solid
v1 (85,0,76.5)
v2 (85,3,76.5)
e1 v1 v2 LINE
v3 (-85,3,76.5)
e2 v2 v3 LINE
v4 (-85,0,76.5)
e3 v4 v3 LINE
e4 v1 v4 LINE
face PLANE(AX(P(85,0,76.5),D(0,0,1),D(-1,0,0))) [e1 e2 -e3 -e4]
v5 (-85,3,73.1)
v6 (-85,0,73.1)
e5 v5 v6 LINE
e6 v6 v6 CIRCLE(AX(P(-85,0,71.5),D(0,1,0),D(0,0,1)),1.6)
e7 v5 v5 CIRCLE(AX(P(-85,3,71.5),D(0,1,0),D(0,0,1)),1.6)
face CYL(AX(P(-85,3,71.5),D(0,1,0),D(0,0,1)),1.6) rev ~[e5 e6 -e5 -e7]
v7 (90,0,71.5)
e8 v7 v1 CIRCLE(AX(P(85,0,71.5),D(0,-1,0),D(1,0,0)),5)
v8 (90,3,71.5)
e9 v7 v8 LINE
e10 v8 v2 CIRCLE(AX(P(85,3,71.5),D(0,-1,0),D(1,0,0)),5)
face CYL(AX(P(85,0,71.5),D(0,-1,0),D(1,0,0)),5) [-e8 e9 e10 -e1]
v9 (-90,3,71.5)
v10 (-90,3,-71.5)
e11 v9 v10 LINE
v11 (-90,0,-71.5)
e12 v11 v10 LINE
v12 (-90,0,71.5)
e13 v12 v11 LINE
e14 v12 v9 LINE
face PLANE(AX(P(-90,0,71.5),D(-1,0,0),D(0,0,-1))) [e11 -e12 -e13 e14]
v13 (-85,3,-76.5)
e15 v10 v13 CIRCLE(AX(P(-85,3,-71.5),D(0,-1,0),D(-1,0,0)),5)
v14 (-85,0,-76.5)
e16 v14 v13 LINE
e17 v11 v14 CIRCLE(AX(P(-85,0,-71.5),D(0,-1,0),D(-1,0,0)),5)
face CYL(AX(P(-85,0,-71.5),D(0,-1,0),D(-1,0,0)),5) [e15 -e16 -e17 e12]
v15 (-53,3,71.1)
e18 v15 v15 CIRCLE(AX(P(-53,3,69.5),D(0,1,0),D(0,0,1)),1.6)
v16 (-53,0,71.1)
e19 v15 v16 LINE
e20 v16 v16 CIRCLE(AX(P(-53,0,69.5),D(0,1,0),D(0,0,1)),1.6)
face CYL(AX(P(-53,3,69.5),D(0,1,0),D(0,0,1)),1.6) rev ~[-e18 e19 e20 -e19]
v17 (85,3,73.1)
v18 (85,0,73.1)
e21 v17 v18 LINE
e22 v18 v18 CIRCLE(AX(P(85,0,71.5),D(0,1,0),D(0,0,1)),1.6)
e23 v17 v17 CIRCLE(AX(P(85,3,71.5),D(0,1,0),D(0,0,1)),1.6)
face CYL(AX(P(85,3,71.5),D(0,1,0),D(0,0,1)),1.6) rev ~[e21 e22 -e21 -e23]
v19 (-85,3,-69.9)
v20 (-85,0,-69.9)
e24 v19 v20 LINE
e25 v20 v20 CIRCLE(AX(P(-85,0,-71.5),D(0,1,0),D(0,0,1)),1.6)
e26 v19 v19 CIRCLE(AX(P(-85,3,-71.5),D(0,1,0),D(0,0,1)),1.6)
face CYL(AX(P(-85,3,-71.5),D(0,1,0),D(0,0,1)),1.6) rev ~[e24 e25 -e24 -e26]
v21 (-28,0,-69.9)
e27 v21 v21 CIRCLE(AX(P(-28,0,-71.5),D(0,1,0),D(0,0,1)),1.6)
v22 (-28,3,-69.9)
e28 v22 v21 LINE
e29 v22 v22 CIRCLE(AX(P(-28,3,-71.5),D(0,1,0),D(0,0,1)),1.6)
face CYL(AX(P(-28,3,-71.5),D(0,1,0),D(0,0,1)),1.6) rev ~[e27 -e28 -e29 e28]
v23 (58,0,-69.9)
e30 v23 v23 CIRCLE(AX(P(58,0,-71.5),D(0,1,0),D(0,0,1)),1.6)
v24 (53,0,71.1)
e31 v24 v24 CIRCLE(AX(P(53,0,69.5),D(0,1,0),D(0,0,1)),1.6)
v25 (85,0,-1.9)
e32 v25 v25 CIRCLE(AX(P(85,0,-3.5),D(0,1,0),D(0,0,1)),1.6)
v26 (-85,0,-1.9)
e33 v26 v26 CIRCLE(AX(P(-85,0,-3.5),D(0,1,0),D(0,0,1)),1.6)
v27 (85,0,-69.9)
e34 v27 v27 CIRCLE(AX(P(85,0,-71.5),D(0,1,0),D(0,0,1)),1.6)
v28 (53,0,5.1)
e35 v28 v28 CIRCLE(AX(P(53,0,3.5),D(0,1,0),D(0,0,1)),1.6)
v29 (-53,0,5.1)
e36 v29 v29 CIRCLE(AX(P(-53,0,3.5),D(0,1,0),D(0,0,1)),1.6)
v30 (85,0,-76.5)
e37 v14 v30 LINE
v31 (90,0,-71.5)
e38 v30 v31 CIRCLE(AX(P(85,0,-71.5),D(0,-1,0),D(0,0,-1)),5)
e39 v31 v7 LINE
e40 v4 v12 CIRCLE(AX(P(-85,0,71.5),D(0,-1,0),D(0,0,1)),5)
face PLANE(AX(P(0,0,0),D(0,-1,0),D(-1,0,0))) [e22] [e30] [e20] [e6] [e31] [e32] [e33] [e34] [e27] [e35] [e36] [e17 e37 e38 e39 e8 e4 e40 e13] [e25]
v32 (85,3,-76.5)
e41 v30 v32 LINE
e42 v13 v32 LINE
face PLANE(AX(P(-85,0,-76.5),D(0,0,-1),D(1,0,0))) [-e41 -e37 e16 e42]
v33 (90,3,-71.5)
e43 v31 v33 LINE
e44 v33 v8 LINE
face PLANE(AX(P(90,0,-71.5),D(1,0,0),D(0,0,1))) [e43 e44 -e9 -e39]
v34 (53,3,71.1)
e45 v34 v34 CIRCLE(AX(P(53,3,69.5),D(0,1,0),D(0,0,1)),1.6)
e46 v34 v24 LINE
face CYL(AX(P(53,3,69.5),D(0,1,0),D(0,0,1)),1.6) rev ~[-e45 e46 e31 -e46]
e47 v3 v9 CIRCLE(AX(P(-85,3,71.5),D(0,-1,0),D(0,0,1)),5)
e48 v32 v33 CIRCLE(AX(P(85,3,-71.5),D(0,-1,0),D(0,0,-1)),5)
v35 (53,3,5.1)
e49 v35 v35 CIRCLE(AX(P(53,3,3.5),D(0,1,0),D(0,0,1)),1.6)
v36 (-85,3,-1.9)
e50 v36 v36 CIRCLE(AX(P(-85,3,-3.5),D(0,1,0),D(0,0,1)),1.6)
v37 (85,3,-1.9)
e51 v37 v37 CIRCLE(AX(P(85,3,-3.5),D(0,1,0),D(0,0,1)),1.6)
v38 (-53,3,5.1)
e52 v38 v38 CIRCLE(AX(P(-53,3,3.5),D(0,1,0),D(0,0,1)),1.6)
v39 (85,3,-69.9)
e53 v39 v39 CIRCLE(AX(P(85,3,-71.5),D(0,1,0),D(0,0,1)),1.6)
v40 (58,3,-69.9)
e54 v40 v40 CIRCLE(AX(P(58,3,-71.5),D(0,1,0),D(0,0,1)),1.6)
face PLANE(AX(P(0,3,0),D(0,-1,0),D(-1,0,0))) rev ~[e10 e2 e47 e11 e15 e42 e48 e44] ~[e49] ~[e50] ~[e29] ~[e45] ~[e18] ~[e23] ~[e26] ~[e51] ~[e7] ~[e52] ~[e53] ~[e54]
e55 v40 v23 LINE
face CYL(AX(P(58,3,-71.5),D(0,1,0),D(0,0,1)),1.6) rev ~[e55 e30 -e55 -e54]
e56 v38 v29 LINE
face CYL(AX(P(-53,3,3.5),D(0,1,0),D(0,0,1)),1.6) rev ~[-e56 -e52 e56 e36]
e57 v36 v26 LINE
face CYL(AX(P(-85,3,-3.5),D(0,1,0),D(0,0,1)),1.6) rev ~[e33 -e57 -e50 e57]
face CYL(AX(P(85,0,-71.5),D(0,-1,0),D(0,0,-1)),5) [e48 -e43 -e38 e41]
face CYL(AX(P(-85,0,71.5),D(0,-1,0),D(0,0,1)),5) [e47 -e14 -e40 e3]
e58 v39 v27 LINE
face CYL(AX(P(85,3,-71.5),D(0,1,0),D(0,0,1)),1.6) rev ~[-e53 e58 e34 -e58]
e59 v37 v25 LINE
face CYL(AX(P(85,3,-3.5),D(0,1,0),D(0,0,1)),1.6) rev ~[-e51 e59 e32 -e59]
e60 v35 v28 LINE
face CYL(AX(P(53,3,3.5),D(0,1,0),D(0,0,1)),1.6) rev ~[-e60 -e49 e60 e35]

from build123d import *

# Parameters (mm, degrees)
EXTRUDE_1_DEPTH     = 3
CUT_EXTRUDE_1_REACH = 120.158
SKETCH_2_R          = 1.6


with BuildPart() as part:
    # 草图1 → 凸台-拉伸1 (new body)
    with BuildSketch(Plane(origin=(0, 0, 0), x_dir=(1, 0, 0), z_dir=(0, 1, 0))):
        with BuildLine():
            Line((-85, 76.5), (85, 76.5))
            ThreePointArc((85, 76.5), (88.535533906, 75.035533906), (90, 71.5))
            Line((90, 71.5), (90, -71.5))
            ThreePointArc((90, -71.5), (88.535533906, -75.035533906), (85, -76.5))
            Line((85, -76.5), (-85, -76.5))
            ThreePointArc((-85, -76.5), (-88.535533906, -75.035533906), (-90, -71.5))
            Line((-90, -71.5), (-90, 71.5))
            ThreePointArc((-90, 71.5), (-88.535533906, 75.035533906), (-85, 76.5))
        make_face()
    extrude(amount=EXTRUDE_1_DEPTH)

    # 草图2 → 切除-拉伸1 (cut, up to next)
    with BuildSketch(Plane(origin=(0, 3, 0), x_dir=(1, 0, 0), z_dir=(0, 1, 0)), mode=Mode.PRIVATE) as cut_extrude_1_sk1:
        with Locations(Location((-85, 71.5, 0), (0, 0, 270))):
            Circle(SKETCH_2_R)
    cut_extrude_1_tool1 = extrude(cut_extrude_1_sk1.sketch, amount=-CUT_EXTRUDE_1_REACH, mode=Mode.PRIVATE) & part.part
    # 草图2 → 切除-拉伸1 (cut, up to next)
    with BuildSketch(Plane(origin=(0, 3, 0), x_dir=(1, 0, 0), z_dir=(0, 1, 0)), mode=Mode.PRIVATE) as cut_extrude_1_sk2:
        with Locations(Location((85, 71.5, 0), (0, 0, 270))):
            Circle(SKETCH_2_R)
    cut_extrude_1_tool2 = extrude(cut_extrude_1_sk2.sketch, amount=-CUT_EXTRUDE_1_REACH, mode=Mode.PRIVATE) & part.part
    # 草图2 → 切除-拉伸1 (cut, up to next)
    with BuildSketch(Plane(origin=(0, 3, 0), x_dir=(1, 0, 0), z_dir=(0, 1, 0)), mode=Mode.PRIVATE) as cut_extrude_1_sk3:
        with Locations(Location((85, -71.5, 0), (0, 0, 270))):
            Circle(SKETCH_2_R)
    cut_extrude_1_tool3 = extrude(cut_extrude_1_sk3.sketch, amount=-CUT_EXTRUDE_1_REACH, mode=Mode.PRIVATE) & part.part
    # 草图2 → 切除-拉伸1 (cut, up to next)
    with BuildSketch(Plane(origin=(0, 3, 0), x_dir=(1, 0, 0), z_dir=(0, 1, 0)), mode=Mode.PRIVATE) as cut_extrude_1_sk4:
        with Locations(Location((-85, -71.5, 0), (0, 0, 270))):
            Circle(SKETCH_2_R)
    cut_extrude_1_tool4 = extrude(cut_extrude_1_sk4.sketch, amount=-CUT_EXTRUDE_1_REACH, mode=Mode.PRIVATE) & part.part
    # 草图2 → 切除-拉伸1 (cut, up to next)
    with BuildSketch(Plane(origin=(0, 3, 0), x_dir=(1, 0, 0), z_dir=(0, 1, 0)), mode=Mode.PRIVATE) as cut_extrude_1_sk5:
        with Locations(Location((-53, -69.5, 0), (0, 0, 270))):
            Circle(SKETCH_2_R)
    cut_extrude_1_tool5 = extrude(cut_extrude_1_sk5.sketch, amount=-CUT_EXTRUDE_1_REACH, mode=Mode.PRIVATE) & part.part
    # 草图2 → 切除-拉伸1 (cut, up to next)
    with BuildSketch(Plane(origin=(0, 3, 0), x_dir=(1, 0, 0), z_dir=(0, 1, 0)), mode=Mode.PRIVATE) as cut_extrude_1_sk6:
        with Locations(Location((53, -69.5, 0), (0, 0, 270))):
            Circle(SKETCH_2_R)
    cut_extrude_1_tool6 = extrude(cut_extrude_1_sk6.sketch, amount=-CUT_EXTRUDE_1_REACH, mode=Mode.PRIVATE) & part.part
    # 草图2 → 切除-拉伸1 (cut, up to next)
    with BuildSketch(Plane(origin=(0, 3, 0), x_dir=(1, 0, 0), z_dir=(0, 1, 0)), mode=Mode.PRIVATE) as cut_extrude_1_sk7:
        with Locations(Location((53, -3.5, 0), (0, 0, 270))):
            Circle(SKETCH_2_R)
    cut_extrude_1_tool7 = extrude(cut_extrude_1_sk7.sketch, amount=-CUT_EXTRUDE_1_REACH, mode=Mode.PRIVATE) & part.part
    # 草图2 → 切除-拉伸1 (cut, up to next)
    with BuildSketch(Plane(origin=(0, 3, 0), x_dir=(1, 0, 0), z_dir=(0, 1, 0)), mode=Mode.PRIVATE) as cut_extrude_1_sk8:
        with Locations(Location((-53, -3.5, 0), (0, 0, 270))):
            Circle(SKETCH_2_R)
    cut_extrude_1_tool8 = extrude(cut_extrude_1_sk8.sketch, amount=-CUT_EXTRUDE_1_REACH, mode=Mode.PRIVATE) & part.part
    # 草图2 → 切除-拉伸1 (cut, up to next)
    with BuildSketch(Plane(origin=(0, 3, 0), x_dir=(1, 0, 0), z_dir=(0, 1, 0)), mode=Mode.PRIVATE) as cut_extrude_1_sk9:
        with Locations(Location((-28, 71.5, 0), (0, 0, 270))):
            Circle(SKETCH_2_R)
    cut_extrude_1_tool9 = extrude(cut_extrude_1_sk9.sketch, amount=-CUT_EXTRUDE_1_REACH, mode=Mode.PRIVATE) & part.part
    # 草图2 → 切除-拉伸1 (cut, up to next)
    with BuildSketch(Plane(origin=(0, 3, 0), x_dir=(1, 0, 0), z_dir=(0, 1, 0)), mode=Mode.PRIVATE) as cut_extrude_1_sk10:
        with Locations(Location((58, 71.5, 0), (0, 0, 270))):
            Circle(SKETCH_2_R)
    cut_extrude_1_tool10 = extrude(cut_extrude_1_sk10.sketch, amount=-CUT_EXTRUDE_1_REACH, mode=Mode.PRIVATE) & part.part
    # 草图2 → 切除-拉伸1 (cut, up to next)
    with BuildSketch(Plane(origin=(0, 3, 0), x_dir=(1, 0, 0), z_dir=(0, 1, 0)), mode=Mode.PRIVATE) as cut_extrude_1_sk11:
        with Locations(Location((-85, 3.5, 0), (0, 0, 270))):
            Circle(SKETCH_2_R)
    cut_extrude_1_tool11 = extrude(cut_extrude_1_sk11.sketch, amount=-CUT_EXTRUDE_1_REACH, mode=Mode.PRIVATE) & part.part
    # 草图2 → 切除-拉伸1 (cut, up to next)
    with BuildSketch(Plane(origin=(0, 3, 0), x_dir=(1, 0, 0), z_dir=(0, 1, 0)), mode=Mode.PRIVATE) as cut_extrude_1_sk12:
        with Locations(Location((85, 3.5, 0), (0, 0, 270))):
            Circle(SKETCH_2_R)
    cut_extrude_1_tool12 = extrude(cut_extrude_1_sk12.sketch, amount=-CUT_EXTRUDE_1_REACH, mode=Mode.PRIVATE) & part.part
    add(cut_extrude_1_tool1.solids().sort_by_distance((-85, 3, -71.5))[0], mode=Mode.SUBTRACT)
    add(cut_extrude_1_tool2.solids().sort_by_distance((85, 3, -71.5))[0], mode=Mode.SUBTRACT)
    add(cut_extrude_1_tool3.solids().sort_by_distance((85, 3, 71.5))[0], mode=Mode.SUBTRACT)
    add(cut_extrude_1_tool4.solids().sort_by_distance((-85, 3, 71.5))[0], mode=Mode.SUBTRACT)
    add(cut_extrude_1_tool5.solids().sort_by_distance((-53, 3, 69.5))[0], mode=Mode.SUBTRACT)
    add(cut_extrude_1_tool6.solids().sort_by_distance((53, 3, 69.5))[0], mode=Mode.SUBTRACT)
    add(cut_extrude_1_tool7.solids().sort_by_distance((53, 3, 3.5))[0], mode=Mode.SUBTRACT)
    add(cut_extrude_1_tool8.solids().sort_by_distance((-53, 3, 3.5))[0], mode=Mode.SUBTRACT)
    add(cut_extrude_1_tool9.solids().sort_by_distance((-28, 3, -71.5))[0], mode=Mode.SUBTRACT)
    add(cut_extrude_1_tool10.solids().sort_by_distance((58, 3, -71.5))[0], mode=Mode.SUBTRACT)
    add(cut_extrude_1_tool11.solids().sort_by_distance((-85, 3, -3.5))[0], mode=Mode.SUBTRACT)
    add(cut_extrude_1_tool12.solids().sort_by_distance((85, 3, -3.5))[0], mode=Mode.SUBTRACT)


solid = part.part
